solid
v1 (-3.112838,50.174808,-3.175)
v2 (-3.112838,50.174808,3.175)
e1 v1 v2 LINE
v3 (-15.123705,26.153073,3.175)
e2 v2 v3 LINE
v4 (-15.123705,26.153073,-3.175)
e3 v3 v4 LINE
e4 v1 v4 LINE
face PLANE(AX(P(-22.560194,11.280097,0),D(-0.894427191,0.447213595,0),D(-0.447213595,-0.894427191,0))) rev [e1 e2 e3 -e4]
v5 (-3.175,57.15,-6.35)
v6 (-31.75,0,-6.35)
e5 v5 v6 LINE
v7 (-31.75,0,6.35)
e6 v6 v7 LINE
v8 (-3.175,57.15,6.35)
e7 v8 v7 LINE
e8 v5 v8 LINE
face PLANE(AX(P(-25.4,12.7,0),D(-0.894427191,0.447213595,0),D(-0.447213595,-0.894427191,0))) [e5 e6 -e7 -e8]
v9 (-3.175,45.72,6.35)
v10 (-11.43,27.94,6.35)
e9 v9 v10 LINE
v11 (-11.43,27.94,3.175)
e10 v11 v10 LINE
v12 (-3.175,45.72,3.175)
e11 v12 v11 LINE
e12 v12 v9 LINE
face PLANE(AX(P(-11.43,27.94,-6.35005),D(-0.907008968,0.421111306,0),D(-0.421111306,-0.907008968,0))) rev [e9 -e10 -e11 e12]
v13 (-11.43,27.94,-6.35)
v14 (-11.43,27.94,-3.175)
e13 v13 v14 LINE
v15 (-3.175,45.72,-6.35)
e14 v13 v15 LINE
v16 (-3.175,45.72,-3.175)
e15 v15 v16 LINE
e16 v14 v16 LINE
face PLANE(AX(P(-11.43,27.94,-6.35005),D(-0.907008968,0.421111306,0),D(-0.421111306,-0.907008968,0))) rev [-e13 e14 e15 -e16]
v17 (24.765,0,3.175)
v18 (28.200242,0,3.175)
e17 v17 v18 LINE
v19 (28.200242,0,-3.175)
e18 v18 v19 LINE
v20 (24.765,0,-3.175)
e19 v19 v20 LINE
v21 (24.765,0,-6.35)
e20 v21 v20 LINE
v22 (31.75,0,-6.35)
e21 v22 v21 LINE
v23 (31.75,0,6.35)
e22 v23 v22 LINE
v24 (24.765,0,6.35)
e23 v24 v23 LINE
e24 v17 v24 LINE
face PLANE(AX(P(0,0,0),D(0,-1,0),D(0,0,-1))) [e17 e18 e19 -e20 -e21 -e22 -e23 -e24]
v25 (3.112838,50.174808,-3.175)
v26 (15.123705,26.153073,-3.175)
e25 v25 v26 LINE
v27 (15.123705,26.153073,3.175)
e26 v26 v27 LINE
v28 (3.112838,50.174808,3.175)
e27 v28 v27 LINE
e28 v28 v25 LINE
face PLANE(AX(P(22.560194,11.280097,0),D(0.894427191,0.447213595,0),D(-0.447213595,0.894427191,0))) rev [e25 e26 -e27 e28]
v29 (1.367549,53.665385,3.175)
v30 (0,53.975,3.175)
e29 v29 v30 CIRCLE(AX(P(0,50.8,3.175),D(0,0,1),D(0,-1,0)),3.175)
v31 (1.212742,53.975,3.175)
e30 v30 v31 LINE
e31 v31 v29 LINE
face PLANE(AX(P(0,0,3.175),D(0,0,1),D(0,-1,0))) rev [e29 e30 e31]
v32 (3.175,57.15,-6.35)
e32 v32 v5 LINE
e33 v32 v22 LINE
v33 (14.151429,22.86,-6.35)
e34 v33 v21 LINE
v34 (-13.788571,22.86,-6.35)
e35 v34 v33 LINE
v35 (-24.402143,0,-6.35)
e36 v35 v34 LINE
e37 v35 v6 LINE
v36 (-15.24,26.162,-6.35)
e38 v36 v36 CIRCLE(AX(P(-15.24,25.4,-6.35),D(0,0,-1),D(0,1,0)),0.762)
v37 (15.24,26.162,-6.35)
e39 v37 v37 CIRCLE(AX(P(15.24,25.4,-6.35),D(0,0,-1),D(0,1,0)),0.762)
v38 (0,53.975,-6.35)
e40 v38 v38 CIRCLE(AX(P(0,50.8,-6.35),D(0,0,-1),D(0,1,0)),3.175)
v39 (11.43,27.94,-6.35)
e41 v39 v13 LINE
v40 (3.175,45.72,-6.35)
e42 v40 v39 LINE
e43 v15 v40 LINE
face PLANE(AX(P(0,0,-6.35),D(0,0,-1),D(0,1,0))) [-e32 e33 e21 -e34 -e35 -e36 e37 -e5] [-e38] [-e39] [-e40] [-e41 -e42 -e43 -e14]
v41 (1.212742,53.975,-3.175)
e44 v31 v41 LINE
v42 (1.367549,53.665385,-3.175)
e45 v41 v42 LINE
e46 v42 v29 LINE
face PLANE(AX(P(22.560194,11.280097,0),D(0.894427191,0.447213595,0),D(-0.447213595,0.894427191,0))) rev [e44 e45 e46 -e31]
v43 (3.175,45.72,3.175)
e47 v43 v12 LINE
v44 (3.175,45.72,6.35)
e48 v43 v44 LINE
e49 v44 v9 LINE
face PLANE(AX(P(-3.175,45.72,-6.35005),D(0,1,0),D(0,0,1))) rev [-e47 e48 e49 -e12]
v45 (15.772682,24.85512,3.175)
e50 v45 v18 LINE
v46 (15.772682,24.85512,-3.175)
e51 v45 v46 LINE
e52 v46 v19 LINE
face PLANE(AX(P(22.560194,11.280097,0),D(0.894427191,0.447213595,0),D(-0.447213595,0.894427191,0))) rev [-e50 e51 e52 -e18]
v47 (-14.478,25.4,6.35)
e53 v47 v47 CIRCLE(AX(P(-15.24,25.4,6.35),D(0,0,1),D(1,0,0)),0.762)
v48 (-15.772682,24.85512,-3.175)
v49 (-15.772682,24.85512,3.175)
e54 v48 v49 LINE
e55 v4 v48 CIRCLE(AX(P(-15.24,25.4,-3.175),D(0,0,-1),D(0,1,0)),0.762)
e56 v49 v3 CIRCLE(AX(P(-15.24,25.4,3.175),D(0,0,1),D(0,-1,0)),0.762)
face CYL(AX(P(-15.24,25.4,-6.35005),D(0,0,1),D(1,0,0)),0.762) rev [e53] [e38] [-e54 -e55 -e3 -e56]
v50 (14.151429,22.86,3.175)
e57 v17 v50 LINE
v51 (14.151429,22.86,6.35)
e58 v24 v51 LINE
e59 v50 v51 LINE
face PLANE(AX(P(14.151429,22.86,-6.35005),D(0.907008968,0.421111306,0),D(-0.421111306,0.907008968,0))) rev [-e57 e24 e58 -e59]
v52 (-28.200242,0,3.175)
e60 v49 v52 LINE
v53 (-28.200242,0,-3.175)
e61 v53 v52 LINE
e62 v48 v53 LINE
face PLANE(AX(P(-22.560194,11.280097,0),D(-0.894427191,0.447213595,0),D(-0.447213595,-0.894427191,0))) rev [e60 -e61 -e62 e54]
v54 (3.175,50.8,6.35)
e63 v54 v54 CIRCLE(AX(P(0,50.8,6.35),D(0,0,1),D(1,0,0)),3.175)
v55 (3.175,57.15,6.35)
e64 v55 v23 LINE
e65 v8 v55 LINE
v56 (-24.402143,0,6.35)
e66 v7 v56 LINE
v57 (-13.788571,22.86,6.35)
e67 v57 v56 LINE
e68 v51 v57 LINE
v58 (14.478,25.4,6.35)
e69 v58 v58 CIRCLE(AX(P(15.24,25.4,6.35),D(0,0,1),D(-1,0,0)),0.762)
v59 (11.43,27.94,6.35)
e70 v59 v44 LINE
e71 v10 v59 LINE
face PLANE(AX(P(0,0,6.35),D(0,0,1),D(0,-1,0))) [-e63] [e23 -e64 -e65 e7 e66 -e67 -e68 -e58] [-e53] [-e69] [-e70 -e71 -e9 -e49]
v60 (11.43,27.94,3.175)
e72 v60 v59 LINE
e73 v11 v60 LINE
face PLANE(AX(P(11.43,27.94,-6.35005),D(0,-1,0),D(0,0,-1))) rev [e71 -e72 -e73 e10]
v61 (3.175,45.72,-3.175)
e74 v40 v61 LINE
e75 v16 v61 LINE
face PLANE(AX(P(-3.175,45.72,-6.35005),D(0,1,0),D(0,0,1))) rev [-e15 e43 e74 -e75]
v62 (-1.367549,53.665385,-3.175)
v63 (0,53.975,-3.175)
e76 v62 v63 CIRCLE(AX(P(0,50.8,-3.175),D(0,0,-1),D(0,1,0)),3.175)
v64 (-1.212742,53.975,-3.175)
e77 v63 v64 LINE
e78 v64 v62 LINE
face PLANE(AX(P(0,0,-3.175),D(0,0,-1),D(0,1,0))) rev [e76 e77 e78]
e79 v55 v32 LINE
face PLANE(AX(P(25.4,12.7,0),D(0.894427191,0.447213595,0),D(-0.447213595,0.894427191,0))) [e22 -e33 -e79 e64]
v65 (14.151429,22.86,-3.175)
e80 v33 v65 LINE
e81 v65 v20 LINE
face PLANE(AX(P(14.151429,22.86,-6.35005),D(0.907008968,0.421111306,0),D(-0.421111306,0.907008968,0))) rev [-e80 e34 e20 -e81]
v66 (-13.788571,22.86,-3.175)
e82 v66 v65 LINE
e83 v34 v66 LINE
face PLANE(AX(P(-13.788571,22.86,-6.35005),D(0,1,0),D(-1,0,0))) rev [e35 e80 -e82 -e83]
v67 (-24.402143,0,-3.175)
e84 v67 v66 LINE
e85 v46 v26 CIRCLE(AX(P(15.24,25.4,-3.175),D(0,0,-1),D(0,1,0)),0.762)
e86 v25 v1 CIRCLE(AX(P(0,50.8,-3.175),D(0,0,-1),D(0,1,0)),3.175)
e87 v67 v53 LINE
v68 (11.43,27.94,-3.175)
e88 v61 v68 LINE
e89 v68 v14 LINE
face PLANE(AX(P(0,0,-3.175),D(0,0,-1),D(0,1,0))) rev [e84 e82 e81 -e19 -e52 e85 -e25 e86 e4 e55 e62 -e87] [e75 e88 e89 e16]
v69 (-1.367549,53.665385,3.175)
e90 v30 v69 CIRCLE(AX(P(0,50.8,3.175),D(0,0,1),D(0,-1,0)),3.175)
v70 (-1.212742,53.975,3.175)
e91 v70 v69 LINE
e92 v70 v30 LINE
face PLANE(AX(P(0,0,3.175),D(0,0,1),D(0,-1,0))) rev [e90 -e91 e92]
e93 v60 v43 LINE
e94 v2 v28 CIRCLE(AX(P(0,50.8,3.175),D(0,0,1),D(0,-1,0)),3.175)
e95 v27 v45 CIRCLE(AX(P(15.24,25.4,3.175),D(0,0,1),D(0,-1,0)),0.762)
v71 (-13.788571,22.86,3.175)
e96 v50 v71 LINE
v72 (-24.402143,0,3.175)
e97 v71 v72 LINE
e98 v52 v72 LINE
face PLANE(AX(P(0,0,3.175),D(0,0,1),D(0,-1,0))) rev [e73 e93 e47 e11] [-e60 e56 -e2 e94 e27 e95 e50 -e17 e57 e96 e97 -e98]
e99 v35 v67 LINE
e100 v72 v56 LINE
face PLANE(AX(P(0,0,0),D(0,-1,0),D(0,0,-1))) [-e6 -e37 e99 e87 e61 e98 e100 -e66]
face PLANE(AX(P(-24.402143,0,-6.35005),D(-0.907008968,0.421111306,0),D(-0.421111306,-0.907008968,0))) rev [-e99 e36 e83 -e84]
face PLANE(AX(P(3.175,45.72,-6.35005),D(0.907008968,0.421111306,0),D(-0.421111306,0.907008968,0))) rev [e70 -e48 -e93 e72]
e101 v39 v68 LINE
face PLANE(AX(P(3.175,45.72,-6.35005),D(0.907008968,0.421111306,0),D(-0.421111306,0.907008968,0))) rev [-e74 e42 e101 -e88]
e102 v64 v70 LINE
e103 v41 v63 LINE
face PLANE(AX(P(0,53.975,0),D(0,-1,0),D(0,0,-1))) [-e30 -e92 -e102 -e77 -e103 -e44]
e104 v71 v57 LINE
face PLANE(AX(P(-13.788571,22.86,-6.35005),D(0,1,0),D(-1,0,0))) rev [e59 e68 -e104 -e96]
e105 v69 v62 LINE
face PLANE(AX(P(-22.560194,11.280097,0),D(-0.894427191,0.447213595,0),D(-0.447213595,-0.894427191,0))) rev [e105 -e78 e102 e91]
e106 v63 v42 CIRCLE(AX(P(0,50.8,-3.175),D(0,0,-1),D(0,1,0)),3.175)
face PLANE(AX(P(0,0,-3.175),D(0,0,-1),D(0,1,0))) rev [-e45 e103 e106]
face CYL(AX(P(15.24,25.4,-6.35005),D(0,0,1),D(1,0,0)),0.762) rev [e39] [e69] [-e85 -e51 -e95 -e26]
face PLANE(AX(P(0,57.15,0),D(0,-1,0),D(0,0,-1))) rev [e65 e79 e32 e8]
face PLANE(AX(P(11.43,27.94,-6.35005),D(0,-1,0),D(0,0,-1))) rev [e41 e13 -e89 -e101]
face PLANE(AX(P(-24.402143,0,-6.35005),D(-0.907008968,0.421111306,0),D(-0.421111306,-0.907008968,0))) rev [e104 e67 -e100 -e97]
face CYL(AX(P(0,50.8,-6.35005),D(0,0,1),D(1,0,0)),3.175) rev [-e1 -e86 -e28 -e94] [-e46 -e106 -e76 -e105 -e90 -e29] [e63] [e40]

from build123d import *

# Parameters (mm, degrees)
SHELL1_T                    = -6.35
CUT_EXTRUDE1_LETTER_A_DEPTH = 134.19872387
SKETCH4_R                   = 6.35
CUT_EXTRUDE2_AXLE_DEPTH     = 134.19872387
SCALE1_SCALE                = 0.5
SKETCH5_R                   = 0.762
CUT_EXTRUDE1_DEPTH          = 67.599362011


with BuildPart() as part:
    # Sketch2 → Loft1 section 0
    with BuildSketch(Plane(origin=(0, 114.3, 0), x_dir=(1, 0, 0), z_dir=(0, 1, 0))):
        with BuildLine():
            Line((-6.35, -12.7), (6.35, -12.7))
            Line((6.35, -12.7), (6.35, 12.7))
            Line((6.35, 12.7), (-6.35, 12.7))
            Line((-6.35, 12.7), (-6.35, -12.7))
        make_face()
    # Sketch1 → Loft1 section 1
    with BuildSketch(Plane(origin=(0, 0, 0), x_dir=(1, 0, 0), z_dir=(0, 1, 0))):
        with BuildLine():
            Line((-63.5, -12.7), (63.5, -12.7))
            Line((63.5, -12.7), (63.5, 12.7))
            Line((63.5, 12.7), (-63.5, 12.7))
            Line((-63.5, 12.7), (-63.5, -12.7))
        make_face()
    loft()

    # Shell1
    shell1_openings = [part.faces().sort_by_distance(p)[0] for p in [
        (0, 0, 0),
    ]]
    offset(amount=SHELL1_T, openings=shell1_openings, kind=Kind.INTERSECTION)

    # Sketch3 → Cut-Extrude1 Letter A (cut, through all)
    with BuildSketch(Plane.XY.offset(12.7)):
        Polygon((6.35, 91.44), (22.86, 55.88), (-22.86, 55.88), (-6.35, 91.44), align=None)
        Polygon((28.302857143, 45.72), (49.53, 0), (-48.804285714, 0), (-27.577142857, 45.72), align=None)
    extrude(amount=-CUT_EXTRUDE1_LETTER_A_DEPTH, mode=Mode.SUBTRACT)

    # Sketch4 → Cut-Extrude2 Axle (cut, through all)
    with BuildSketch(Plane.XY.offset(12.7)):
        with Locations((0, 101.6)):
            Circle(SKETCH4_R)
    extrude(amount=-CUT_EXTRUDE2_AXLE_DEPTH, mode=Mode.SUBTRACT)


with BuildPart() as part_1:
    # Scale1: scaled about (0, 0, 0)
    add(part.part.scale(SCALE1_SCALE))

    # Sketch5 → Cut-Extrude1 (cut, through all)
    with BuildSketch(Plane.XY.offset(6.35)):
        with Locations((-15.24, 25.4)):
            Circle(SKETCH5_R)
        with Locations(Location((15.24, 25.4, 0), (0, 0, 90))):
            Circle(SKETCH5_R)
    extrude(amount=-CUT_EXTRUDE1_DEPTH, mode=Mode.SUBTRACT)


solid = part_1.part
